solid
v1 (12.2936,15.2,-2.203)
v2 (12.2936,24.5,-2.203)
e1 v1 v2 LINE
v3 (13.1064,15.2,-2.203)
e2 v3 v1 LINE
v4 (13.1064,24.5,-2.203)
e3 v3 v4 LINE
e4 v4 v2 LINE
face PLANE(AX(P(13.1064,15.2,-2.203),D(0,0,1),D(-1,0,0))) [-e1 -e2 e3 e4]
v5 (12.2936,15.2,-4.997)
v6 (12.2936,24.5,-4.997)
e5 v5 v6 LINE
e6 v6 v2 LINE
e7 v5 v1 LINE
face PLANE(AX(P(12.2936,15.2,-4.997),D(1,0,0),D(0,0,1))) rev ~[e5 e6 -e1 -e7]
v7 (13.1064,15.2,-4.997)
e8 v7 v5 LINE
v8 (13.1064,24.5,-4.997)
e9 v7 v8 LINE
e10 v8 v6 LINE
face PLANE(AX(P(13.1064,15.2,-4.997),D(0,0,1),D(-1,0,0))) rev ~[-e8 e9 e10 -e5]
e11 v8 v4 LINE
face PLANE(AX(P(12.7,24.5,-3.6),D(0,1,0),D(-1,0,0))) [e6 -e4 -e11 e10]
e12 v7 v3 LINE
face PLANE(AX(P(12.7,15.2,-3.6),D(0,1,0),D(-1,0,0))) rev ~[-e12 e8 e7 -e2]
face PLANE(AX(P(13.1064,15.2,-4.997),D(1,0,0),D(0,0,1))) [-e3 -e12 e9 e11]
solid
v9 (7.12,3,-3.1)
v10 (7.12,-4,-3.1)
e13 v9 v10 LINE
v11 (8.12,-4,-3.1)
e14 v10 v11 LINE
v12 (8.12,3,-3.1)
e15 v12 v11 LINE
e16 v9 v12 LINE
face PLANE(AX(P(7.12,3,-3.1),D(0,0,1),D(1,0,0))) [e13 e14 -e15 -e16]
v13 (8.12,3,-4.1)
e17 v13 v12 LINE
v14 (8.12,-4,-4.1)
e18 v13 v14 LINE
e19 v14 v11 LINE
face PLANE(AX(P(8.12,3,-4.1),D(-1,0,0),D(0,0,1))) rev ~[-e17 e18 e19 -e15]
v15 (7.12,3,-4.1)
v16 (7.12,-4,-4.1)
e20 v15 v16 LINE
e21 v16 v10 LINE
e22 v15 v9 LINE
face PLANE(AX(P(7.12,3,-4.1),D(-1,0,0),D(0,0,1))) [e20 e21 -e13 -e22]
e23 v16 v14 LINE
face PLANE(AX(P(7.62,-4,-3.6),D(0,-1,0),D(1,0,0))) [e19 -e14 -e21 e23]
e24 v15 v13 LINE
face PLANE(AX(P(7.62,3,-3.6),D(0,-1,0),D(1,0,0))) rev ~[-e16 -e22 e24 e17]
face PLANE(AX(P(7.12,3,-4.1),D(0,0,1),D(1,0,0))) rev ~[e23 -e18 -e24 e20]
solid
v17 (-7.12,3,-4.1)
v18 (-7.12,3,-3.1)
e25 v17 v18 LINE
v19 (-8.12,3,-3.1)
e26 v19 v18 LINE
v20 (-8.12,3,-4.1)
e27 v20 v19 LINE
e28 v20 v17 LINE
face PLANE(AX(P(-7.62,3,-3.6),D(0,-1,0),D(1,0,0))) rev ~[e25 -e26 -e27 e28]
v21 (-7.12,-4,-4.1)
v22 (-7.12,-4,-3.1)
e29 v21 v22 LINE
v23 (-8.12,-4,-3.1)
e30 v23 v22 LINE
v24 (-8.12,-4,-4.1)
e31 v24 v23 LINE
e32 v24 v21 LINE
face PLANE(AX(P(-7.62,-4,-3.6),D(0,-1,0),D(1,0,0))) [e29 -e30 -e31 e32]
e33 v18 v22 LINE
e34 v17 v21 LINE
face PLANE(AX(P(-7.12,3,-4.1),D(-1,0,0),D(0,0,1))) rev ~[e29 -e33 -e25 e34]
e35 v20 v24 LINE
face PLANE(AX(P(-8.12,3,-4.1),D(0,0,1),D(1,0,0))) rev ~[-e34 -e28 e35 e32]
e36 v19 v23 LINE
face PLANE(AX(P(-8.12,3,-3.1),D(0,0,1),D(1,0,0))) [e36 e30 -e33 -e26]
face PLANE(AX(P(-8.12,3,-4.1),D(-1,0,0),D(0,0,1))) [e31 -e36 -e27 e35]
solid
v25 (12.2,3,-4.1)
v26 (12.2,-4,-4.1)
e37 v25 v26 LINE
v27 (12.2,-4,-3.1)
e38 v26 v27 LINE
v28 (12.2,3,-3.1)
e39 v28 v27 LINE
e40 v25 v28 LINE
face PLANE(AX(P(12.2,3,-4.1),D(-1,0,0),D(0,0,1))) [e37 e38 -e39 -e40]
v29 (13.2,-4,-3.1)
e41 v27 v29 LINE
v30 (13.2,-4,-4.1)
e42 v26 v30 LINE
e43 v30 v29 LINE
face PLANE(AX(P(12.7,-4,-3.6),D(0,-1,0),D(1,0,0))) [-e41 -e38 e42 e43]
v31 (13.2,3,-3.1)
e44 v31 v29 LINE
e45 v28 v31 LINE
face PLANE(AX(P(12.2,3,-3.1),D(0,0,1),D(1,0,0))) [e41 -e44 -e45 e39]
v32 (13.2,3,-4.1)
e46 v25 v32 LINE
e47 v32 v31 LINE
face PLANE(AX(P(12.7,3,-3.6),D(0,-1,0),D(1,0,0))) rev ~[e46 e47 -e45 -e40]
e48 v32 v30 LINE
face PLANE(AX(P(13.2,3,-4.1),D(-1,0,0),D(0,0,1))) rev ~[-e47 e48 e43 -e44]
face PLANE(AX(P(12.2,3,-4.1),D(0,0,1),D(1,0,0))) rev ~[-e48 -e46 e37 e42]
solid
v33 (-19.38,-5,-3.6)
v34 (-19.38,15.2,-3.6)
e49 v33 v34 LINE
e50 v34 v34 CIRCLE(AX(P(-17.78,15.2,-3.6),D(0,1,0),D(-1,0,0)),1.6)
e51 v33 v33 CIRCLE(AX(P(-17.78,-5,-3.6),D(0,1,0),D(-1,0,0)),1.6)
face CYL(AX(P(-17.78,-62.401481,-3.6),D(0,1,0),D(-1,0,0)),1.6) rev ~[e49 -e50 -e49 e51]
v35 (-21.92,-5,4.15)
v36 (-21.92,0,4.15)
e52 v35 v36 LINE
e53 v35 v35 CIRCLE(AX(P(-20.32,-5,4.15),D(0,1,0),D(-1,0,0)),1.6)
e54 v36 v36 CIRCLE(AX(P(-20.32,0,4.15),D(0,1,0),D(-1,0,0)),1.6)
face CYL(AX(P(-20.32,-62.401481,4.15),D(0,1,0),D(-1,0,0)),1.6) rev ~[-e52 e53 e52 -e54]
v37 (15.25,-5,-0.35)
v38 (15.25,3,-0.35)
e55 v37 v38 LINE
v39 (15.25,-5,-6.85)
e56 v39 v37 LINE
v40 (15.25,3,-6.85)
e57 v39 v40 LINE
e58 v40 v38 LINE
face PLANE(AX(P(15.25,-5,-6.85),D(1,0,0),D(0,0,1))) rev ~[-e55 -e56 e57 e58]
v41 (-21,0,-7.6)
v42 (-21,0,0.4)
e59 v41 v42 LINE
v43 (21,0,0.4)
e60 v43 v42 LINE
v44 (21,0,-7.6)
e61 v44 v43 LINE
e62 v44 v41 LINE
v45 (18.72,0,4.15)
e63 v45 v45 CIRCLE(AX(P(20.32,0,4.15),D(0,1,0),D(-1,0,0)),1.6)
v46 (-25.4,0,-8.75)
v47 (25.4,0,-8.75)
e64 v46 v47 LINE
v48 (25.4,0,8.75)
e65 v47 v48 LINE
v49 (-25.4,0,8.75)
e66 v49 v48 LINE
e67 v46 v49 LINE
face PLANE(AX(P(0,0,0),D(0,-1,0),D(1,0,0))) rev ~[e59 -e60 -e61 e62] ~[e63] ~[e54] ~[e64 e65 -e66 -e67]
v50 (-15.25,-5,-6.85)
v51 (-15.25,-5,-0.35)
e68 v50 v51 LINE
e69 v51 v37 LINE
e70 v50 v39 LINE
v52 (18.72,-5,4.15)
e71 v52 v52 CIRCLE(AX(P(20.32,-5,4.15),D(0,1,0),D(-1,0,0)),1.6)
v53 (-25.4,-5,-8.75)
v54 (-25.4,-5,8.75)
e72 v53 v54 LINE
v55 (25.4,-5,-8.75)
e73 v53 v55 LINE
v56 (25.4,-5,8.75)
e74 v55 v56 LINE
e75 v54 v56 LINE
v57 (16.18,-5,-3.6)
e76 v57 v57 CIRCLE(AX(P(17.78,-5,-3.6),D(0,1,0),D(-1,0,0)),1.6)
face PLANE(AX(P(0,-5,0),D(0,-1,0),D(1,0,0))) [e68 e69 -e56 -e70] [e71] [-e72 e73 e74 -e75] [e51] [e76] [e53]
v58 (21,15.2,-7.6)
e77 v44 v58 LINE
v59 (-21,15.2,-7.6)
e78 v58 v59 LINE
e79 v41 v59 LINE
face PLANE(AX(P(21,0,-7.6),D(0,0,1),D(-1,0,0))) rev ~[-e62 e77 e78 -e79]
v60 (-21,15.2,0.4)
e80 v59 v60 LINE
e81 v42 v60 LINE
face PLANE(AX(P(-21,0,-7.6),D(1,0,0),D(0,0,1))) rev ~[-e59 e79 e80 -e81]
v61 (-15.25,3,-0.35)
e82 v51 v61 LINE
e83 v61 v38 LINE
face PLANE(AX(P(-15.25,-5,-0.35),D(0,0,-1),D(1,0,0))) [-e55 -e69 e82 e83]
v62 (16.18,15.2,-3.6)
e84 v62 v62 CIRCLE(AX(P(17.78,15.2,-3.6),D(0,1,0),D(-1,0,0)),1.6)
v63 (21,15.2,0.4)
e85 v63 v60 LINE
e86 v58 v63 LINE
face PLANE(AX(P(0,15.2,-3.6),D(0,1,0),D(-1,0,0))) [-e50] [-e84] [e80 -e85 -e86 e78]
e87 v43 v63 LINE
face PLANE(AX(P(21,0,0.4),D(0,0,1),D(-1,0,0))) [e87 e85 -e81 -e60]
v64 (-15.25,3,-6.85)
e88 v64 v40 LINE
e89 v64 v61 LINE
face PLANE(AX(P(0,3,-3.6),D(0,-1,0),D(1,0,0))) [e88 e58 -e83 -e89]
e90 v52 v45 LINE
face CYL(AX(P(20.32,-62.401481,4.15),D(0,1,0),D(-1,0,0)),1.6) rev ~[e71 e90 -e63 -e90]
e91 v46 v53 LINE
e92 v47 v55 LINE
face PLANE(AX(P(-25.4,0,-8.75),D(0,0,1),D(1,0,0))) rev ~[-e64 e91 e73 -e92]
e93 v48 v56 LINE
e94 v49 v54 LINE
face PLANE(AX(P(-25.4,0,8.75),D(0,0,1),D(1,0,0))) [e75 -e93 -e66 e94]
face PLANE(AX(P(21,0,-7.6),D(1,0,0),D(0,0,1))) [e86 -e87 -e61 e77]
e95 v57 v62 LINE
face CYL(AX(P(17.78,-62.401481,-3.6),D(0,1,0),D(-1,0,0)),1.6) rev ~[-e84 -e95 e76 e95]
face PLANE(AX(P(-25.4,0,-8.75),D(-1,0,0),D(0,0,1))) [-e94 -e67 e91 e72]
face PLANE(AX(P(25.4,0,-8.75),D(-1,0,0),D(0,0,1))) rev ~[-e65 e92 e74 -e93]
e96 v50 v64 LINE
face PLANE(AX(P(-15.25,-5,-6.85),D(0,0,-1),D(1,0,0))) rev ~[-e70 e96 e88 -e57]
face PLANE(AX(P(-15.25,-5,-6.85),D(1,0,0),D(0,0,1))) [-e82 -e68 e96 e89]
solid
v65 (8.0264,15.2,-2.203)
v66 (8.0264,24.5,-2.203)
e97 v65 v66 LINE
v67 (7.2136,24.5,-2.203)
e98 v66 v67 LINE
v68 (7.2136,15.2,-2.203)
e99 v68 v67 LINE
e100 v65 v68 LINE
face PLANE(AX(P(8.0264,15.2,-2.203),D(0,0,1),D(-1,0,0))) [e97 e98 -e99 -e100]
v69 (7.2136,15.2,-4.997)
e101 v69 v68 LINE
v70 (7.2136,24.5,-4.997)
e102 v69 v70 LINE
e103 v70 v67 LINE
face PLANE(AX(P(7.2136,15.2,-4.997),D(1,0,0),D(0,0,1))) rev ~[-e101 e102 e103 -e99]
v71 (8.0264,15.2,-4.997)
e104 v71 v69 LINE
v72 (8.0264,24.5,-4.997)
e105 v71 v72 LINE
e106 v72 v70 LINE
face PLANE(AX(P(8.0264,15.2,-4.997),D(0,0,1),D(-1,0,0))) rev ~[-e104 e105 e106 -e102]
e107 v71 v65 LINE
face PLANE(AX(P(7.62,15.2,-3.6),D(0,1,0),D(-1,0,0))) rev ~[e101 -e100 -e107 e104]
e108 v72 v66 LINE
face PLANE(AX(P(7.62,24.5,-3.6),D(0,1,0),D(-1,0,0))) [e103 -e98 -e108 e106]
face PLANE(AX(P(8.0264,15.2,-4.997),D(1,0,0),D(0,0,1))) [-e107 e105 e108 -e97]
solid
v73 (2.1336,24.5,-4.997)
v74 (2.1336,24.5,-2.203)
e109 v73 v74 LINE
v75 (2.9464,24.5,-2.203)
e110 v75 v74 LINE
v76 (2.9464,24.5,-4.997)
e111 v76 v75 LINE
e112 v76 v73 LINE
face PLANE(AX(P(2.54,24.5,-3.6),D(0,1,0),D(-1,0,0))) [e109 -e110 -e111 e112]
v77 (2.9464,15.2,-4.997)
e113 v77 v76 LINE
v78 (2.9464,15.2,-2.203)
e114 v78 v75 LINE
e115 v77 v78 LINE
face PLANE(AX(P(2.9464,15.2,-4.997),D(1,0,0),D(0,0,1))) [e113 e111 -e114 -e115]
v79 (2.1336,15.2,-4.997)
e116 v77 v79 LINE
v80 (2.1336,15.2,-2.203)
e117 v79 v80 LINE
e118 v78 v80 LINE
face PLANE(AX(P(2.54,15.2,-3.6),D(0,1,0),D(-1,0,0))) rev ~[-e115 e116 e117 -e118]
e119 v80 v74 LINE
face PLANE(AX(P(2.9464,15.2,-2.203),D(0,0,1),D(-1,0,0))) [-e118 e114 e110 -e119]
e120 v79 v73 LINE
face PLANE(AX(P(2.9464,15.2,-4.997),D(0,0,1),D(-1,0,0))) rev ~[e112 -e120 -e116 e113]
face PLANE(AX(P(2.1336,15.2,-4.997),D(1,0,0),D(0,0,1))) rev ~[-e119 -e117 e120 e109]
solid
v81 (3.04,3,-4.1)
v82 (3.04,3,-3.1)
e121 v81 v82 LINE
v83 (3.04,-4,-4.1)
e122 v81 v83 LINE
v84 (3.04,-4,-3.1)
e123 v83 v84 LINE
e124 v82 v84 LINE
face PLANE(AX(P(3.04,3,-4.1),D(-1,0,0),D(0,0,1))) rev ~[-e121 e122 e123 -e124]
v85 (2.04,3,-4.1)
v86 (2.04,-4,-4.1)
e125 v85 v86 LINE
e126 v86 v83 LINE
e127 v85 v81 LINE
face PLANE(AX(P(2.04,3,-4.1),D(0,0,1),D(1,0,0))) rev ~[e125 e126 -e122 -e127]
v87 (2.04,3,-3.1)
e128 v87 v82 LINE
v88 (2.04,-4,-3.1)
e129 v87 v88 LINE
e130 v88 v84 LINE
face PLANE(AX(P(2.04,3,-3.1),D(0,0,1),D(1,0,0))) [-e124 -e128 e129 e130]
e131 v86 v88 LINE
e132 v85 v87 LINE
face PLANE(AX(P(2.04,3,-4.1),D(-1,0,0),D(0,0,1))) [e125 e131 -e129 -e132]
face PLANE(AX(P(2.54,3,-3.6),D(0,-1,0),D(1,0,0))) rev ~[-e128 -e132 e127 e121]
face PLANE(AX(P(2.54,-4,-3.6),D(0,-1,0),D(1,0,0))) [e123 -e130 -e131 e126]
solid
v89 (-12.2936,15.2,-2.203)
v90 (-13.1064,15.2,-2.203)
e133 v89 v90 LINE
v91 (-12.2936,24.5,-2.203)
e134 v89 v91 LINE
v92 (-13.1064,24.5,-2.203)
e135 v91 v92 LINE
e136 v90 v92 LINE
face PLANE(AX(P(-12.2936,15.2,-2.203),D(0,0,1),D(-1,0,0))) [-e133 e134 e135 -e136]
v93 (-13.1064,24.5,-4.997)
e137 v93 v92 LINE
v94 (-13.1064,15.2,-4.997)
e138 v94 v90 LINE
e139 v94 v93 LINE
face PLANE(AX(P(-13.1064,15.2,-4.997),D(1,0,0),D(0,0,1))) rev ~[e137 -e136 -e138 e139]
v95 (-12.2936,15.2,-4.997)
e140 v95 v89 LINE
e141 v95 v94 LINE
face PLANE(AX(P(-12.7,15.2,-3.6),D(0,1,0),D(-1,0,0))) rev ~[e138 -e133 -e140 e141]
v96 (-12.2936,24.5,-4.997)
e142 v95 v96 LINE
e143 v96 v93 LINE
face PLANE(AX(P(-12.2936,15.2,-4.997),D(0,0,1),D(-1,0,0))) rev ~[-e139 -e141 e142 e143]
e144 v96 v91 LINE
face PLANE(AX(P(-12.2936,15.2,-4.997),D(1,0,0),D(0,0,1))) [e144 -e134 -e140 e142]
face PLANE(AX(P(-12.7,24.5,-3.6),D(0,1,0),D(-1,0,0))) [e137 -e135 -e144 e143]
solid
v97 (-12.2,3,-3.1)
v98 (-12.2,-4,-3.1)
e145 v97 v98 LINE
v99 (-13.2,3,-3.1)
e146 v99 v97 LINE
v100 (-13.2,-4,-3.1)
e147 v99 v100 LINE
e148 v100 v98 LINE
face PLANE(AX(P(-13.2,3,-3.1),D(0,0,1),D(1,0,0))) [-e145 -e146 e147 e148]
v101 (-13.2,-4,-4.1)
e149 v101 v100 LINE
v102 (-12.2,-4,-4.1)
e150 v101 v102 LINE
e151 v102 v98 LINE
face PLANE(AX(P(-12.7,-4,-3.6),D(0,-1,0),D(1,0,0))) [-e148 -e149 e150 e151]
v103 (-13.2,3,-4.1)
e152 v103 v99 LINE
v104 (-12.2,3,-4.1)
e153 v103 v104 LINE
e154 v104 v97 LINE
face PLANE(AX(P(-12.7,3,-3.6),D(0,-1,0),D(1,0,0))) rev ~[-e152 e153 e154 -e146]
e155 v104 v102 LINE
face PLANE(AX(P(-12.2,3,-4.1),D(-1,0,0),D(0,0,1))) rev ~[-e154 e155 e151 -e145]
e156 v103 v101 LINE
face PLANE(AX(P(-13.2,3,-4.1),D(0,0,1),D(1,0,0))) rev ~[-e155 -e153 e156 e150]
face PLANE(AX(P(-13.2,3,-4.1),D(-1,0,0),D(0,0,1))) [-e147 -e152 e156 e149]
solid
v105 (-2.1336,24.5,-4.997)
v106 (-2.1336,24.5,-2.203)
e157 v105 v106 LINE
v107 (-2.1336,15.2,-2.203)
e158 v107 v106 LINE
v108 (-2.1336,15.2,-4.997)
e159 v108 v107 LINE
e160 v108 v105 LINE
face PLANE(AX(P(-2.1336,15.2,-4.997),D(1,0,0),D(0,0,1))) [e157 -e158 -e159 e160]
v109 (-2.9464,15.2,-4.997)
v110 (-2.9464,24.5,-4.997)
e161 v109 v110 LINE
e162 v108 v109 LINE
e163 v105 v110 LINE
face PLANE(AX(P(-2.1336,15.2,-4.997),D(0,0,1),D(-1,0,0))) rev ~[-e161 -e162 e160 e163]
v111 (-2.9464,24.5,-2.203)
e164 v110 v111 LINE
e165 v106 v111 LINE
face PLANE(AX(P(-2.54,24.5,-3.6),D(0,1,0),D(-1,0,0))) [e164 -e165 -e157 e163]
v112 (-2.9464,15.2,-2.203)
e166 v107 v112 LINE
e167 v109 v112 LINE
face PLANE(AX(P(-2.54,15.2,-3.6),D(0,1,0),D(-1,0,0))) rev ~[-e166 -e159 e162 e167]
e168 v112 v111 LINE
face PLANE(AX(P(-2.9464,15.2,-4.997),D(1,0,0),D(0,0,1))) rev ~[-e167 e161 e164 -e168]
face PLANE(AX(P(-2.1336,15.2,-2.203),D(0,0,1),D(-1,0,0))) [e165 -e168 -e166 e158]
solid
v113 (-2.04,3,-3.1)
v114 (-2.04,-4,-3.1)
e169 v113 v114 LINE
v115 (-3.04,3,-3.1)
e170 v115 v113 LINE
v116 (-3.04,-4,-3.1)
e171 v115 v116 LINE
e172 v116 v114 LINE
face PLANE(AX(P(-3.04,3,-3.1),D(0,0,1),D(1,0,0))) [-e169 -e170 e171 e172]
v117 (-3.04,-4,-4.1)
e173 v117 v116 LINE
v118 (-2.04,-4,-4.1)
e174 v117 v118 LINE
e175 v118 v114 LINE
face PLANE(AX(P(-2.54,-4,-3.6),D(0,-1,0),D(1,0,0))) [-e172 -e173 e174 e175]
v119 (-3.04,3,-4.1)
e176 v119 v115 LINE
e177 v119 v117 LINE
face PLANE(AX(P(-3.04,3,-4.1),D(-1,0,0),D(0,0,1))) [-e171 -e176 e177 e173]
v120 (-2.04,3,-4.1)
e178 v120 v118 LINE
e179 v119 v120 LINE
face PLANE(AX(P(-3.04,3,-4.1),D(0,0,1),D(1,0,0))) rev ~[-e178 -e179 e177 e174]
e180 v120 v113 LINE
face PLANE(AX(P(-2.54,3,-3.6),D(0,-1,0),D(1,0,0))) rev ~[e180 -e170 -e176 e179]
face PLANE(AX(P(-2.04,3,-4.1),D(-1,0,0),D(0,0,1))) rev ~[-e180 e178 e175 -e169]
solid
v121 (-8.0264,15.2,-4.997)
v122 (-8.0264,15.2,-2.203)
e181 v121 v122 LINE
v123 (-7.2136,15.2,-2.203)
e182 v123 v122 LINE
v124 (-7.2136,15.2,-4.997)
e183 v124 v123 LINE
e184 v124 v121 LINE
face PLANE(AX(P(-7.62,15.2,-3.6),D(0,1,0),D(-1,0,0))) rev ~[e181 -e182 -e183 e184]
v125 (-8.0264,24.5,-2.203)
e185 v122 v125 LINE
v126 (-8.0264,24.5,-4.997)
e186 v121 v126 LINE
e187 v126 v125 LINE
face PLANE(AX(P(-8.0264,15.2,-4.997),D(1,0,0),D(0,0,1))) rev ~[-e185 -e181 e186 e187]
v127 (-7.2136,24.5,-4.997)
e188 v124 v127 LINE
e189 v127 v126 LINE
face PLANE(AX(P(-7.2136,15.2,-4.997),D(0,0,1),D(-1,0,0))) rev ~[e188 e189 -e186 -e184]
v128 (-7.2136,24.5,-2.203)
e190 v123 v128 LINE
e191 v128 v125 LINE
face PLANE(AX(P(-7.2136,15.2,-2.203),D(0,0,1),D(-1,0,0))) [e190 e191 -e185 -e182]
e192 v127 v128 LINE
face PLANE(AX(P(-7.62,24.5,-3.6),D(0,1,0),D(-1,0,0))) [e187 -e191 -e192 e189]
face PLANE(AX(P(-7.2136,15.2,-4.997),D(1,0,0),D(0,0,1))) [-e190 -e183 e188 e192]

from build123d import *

# Parameters (mm, degrees)
F0_W      = 50.8
F0_H      = 17.5
F1_DEPTH  = 5
F3_W      = 42
F3_H      = 8
F4_DEPTH  = 15.2
F2_W      = 30.5
F2_H      = 6.5
F5_DEPTH  = 8
F7_D      = 3.2
F8_W      = 1
F8_H      = 1
F9_DEPTH  = 7
F10_W     = 0.8128
F10_H     = 2.794
F11_DEPTH = 9.3


with BuildPart() as f1:
    # F0 (on Front) → F1 (new body)
    with BuildSketch(Plane.XZ):
        Rectangle(F0_W, F0_H)
    extrude(amount=F1_DEPTH)

    # F3 (on face) → F4 (join)
    with BuildSketch(Plane(origin=(0, 0, 0), x_dir=(-1, 0, 0), z_dir=(0, 1, 0))):
        with Locations((0, -3.6)):
            Rectangle(F3_W, F3_H)
    extrude(amount=F4_DEPTH)

    # F2 (on face) → F5 (cut)
    with BuildSketch(Plane.XZ.offset(5)):
        with Locations((0, -3.6)):
            Rectangle(F2_W, F2_H)
    extrude(amount=-F5_DEPTH, mode=Mode.SUBTRACT)

    # F7 (through all)
    with Locations(Plane.XZ.offset(5)):
        with Locations((-20.32, 4.15), (-17.78, -3.6), (20.32, 4.15), (17.78, -3.6)):
            Hole(F7_D / 2)


with BuildPart() as f9:
    # F8 (on face) → F9 (new body)
    with BuildSketch(Plane.XZ.offset(-3)):
        with Locations((-12.7, -3.6)):
            Rectangle(F8_W, F8_H)
        with Locations((-7.62, -3.6)):
            Rectangle(F8_W, F8_H)
        with Locations((2.54, -3.6)):
            Rectangle(F8_W, F8_H)
        with Locations((-2.54, -3.6)):
            Rectangle(F8_W, F8_H)
        with Locations((7.62, -3.6)):
            Rectangle(F8_W, F8_H)
        with Locations((12.7, -3.6)):
            Rectangle(F8_W, F8_H)
    extrude(amount=F9_DEPTH)


with BuildPart() as f11:
    # F10 (on face) → F11 (new body)
    with BuildSketch(Plane(origin=(0, 15.2, 0), x_dir=(-1, 0, 0), z_dir=(0, 1, 0))):
        with Locations((-12.7, -3.6)):
            Rectangle(F10_W, F10_H)
        with Locations((-7.62, -3.6)):
            Rectangle(F10_W, F10_H)
        with Locations((-2.54, -3.6)):
            Rectangle(F10_W, F10_H)
        with Locations((2.54, -3.6)):
            Rectangle(F10_W, F10_H)
        with Locations((7.62, -3.6)):
            Rectangle(F10_W, F10_H)
        with Locations((12.7, -3.6)):
            Rectangle(F10_W, F10_H)
    extrude(amount=F11_DEPTH)


solid = Compound([f1.part, f9.part, f11.part])
